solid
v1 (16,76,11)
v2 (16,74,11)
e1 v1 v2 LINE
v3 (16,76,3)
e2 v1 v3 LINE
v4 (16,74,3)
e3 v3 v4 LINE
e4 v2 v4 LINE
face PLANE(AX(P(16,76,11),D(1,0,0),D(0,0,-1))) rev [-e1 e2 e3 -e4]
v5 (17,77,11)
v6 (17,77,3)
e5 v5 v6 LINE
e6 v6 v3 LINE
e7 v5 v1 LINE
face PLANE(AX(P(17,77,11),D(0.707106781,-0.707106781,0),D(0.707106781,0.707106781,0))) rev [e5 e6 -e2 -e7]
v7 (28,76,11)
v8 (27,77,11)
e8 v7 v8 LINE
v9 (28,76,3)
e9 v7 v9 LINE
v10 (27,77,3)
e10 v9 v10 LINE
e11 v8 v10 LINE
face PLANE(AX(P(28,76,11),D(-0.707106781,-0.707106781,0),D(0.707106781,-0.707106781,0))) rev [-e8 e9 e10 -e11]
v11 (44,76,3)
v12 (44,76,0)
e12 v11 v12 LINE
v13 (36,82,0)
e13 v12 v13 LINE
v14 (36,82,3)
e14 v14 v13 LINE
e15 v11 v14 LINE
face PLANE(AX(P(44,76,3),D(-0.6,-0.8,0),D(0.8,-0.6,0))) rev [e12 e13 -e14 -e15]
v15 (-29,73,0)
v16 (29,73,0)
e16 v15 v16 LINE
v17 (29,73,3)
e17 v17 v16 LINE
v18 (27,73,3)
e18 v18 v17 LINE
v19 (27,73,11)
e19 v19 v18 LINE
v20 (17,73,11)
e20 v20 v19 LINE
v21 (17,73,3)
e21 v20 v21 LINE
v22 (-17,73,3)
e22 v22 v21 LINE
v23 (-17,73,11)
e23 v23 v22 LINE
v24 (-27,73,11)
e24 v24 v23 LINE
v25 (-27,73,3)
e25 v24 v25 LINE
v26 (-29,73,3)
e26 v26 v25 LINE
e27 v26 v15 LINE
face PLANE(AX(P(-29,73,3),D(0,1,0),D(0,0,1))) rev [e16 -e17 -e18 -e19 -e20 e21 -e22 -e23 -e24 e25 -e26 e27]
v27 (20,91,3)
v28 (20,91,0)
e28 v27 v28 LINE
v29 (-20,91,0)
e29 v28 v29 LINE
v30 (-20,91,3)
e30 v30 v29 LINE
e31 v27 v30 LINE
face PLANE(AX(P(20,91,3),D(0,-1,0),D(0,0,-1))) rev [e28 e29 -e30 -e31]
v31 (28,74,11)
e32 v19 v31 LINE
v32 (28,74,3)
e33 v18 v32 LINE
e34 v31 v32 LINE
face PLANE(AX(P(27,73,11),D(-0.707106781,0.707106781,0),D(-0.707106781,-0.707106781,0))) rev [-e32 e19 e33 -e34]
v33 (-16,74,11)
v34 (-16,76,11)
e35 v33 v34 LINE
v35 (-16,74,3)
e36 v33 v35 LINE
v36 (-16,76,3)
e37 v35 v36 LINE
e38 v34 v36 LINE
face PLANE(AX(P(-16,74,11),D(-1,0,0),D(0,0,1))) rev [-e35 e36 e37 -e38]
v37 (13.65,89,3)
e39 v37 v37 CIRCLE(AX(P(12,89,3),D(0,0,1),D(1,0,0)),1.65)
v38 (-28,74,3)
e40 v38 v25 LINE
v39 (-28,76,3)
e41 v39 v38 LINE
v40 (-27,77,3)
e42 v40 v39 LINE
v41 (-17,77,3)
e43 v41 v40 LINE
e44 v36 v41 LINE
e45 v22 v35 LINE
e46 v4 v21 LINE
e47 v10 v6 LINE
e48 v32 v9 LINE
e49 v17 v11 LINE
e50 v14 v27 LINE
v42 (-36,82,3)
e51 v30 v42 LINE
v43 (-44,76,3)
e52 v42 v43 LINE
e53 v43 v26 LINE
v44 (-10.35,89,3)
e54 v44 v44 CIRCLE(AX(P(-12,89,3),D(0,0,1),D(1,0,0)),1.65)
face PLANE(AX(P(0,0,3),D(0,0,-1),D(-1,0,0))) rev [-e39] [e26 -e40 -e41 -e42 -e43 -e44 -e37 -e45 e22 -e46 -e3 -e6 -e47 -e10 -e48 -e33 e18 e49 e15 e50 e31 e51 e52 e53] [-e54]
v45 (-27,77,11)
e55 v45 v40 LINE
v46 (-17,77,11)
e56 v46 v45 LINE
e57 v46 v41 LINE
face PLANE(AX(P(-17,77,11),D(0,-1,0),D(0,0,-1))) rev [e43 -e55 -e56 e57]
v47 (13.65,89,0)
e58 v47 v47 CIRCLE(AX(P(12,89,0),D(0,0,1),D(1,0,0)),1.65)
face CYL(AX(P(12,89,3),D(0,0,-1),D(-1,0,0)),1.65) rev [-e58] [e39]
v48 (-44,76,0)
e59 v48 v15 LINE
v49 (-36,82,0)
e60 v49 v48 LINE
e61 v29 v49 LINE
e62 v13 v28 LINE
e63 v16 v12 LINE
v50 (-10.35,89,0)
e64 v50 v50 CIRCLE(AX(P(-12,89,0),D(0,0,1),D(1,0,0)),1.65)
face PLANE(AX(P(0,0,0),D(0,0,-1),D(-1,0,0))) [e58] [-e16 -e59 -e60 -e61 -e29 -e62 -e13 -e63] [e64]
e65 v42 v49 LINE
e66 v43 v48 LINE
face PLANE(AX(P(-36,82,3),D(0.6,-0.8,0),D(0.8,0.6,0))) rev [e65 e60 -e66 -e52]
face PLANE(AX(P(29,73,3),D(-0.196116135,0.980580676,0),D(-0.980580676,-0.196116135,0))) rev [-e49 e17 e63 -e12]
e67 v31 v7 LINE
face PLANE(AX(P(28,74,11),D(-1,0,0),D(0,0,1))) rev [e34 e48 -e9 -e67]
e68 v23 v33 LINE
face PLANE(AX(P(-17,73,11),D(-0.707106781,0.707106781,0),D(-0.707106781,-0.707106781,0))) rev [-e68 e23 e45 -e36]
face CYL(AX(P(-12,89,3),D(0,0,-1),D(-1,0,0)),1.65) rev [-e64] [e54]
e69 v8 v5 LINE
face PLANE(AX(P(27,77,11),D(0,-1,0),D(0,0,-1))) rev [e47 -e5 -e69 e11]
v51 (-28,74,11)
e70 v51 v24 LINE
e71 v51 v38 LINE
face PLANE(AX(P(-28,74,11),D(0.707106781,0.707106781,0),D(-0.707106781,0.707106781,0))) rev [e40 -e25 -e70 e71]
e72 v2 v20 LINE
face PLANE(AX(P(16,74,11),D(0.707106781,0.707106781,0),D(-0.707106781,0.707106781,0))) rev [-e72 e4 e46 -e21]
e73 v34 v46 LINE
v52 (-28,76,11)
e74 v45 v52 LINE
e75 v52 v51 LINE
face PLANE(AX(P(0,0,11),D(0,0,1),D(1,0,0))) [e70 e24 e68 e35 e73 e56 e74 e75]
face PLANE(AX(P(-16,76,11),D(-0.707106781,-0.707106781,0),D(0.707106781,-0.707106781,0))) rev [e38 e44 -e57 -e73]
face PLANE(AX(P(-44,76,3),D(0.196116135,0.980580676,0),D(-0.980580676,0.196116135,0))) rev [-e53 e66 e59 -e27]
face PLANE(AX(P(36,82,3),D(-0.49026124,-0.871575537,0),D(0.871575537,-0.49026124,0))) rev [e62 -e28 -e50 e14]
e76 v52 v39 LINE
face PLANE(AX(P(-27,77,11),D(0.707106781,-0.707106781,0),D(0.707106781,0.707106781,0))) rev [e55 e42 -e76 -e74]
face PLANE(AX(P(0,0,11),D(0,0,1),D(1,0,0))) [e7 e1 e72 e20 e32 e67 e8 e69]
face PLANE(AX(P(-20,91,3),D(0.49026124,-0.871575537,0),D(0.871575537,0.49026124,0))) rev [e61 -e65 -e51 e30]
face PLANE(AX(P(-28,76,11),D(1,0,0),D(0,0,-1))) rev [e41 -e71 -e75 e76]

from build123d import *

# Parameters (mm, degrees)
SKETCH_1_R       = 1.65
F_3MM_DEPTH      = 3
F_32MM_1_START   = 3
F_32MM_1_DEPTH   = 8
F_32MM_1_2_DEPTH = 8


with BuildPart() as part:
    # 草图1 → 斜切鼻件底座_3mm (new body)
    with BuildSketch(Plane.XY):
        Polygon((-29, 73), (29, 73), (44, 76), (36, 82), (20, 91), (-20, 91), (-36, 82), (-44, 76), align=None)
        with Locations((-12, 89)):
            Circle(SKETCH_1_R, mode=Mode.SUBTRACT)
        with Locations((12, 89)):
            Circle(SKETCH_1_R, mode=Mode.SUBTRACT)
    extrude(amount=F_3MM_DEPTH)

    # 草图2 → 32mm__-1 (add)
    with BuildSketch(Plane.XY.offset(F_32MM_1_START)):
        Polygon((-27, 73), (-17, 73), (-16, 74), (-16, 76), (-17, 77), (-27, 77), (-28, 76), (-28, 74), align=None)
    extrude(amount=F_32MM_1_DEPTH)

    # 草图3 → 32mm__1 2 (add)
    with BuildSketch(Plane.XY.offset(F_32MM_1_START)):
        Polygon((17, 73), (27, 73), (28, 74), (28, 76), (27, 77), (17, 77), (16, 76), (16, 74), align=None)
    extrude(amount=F_32MM_1_2_DEPTH)


solid = part.part
